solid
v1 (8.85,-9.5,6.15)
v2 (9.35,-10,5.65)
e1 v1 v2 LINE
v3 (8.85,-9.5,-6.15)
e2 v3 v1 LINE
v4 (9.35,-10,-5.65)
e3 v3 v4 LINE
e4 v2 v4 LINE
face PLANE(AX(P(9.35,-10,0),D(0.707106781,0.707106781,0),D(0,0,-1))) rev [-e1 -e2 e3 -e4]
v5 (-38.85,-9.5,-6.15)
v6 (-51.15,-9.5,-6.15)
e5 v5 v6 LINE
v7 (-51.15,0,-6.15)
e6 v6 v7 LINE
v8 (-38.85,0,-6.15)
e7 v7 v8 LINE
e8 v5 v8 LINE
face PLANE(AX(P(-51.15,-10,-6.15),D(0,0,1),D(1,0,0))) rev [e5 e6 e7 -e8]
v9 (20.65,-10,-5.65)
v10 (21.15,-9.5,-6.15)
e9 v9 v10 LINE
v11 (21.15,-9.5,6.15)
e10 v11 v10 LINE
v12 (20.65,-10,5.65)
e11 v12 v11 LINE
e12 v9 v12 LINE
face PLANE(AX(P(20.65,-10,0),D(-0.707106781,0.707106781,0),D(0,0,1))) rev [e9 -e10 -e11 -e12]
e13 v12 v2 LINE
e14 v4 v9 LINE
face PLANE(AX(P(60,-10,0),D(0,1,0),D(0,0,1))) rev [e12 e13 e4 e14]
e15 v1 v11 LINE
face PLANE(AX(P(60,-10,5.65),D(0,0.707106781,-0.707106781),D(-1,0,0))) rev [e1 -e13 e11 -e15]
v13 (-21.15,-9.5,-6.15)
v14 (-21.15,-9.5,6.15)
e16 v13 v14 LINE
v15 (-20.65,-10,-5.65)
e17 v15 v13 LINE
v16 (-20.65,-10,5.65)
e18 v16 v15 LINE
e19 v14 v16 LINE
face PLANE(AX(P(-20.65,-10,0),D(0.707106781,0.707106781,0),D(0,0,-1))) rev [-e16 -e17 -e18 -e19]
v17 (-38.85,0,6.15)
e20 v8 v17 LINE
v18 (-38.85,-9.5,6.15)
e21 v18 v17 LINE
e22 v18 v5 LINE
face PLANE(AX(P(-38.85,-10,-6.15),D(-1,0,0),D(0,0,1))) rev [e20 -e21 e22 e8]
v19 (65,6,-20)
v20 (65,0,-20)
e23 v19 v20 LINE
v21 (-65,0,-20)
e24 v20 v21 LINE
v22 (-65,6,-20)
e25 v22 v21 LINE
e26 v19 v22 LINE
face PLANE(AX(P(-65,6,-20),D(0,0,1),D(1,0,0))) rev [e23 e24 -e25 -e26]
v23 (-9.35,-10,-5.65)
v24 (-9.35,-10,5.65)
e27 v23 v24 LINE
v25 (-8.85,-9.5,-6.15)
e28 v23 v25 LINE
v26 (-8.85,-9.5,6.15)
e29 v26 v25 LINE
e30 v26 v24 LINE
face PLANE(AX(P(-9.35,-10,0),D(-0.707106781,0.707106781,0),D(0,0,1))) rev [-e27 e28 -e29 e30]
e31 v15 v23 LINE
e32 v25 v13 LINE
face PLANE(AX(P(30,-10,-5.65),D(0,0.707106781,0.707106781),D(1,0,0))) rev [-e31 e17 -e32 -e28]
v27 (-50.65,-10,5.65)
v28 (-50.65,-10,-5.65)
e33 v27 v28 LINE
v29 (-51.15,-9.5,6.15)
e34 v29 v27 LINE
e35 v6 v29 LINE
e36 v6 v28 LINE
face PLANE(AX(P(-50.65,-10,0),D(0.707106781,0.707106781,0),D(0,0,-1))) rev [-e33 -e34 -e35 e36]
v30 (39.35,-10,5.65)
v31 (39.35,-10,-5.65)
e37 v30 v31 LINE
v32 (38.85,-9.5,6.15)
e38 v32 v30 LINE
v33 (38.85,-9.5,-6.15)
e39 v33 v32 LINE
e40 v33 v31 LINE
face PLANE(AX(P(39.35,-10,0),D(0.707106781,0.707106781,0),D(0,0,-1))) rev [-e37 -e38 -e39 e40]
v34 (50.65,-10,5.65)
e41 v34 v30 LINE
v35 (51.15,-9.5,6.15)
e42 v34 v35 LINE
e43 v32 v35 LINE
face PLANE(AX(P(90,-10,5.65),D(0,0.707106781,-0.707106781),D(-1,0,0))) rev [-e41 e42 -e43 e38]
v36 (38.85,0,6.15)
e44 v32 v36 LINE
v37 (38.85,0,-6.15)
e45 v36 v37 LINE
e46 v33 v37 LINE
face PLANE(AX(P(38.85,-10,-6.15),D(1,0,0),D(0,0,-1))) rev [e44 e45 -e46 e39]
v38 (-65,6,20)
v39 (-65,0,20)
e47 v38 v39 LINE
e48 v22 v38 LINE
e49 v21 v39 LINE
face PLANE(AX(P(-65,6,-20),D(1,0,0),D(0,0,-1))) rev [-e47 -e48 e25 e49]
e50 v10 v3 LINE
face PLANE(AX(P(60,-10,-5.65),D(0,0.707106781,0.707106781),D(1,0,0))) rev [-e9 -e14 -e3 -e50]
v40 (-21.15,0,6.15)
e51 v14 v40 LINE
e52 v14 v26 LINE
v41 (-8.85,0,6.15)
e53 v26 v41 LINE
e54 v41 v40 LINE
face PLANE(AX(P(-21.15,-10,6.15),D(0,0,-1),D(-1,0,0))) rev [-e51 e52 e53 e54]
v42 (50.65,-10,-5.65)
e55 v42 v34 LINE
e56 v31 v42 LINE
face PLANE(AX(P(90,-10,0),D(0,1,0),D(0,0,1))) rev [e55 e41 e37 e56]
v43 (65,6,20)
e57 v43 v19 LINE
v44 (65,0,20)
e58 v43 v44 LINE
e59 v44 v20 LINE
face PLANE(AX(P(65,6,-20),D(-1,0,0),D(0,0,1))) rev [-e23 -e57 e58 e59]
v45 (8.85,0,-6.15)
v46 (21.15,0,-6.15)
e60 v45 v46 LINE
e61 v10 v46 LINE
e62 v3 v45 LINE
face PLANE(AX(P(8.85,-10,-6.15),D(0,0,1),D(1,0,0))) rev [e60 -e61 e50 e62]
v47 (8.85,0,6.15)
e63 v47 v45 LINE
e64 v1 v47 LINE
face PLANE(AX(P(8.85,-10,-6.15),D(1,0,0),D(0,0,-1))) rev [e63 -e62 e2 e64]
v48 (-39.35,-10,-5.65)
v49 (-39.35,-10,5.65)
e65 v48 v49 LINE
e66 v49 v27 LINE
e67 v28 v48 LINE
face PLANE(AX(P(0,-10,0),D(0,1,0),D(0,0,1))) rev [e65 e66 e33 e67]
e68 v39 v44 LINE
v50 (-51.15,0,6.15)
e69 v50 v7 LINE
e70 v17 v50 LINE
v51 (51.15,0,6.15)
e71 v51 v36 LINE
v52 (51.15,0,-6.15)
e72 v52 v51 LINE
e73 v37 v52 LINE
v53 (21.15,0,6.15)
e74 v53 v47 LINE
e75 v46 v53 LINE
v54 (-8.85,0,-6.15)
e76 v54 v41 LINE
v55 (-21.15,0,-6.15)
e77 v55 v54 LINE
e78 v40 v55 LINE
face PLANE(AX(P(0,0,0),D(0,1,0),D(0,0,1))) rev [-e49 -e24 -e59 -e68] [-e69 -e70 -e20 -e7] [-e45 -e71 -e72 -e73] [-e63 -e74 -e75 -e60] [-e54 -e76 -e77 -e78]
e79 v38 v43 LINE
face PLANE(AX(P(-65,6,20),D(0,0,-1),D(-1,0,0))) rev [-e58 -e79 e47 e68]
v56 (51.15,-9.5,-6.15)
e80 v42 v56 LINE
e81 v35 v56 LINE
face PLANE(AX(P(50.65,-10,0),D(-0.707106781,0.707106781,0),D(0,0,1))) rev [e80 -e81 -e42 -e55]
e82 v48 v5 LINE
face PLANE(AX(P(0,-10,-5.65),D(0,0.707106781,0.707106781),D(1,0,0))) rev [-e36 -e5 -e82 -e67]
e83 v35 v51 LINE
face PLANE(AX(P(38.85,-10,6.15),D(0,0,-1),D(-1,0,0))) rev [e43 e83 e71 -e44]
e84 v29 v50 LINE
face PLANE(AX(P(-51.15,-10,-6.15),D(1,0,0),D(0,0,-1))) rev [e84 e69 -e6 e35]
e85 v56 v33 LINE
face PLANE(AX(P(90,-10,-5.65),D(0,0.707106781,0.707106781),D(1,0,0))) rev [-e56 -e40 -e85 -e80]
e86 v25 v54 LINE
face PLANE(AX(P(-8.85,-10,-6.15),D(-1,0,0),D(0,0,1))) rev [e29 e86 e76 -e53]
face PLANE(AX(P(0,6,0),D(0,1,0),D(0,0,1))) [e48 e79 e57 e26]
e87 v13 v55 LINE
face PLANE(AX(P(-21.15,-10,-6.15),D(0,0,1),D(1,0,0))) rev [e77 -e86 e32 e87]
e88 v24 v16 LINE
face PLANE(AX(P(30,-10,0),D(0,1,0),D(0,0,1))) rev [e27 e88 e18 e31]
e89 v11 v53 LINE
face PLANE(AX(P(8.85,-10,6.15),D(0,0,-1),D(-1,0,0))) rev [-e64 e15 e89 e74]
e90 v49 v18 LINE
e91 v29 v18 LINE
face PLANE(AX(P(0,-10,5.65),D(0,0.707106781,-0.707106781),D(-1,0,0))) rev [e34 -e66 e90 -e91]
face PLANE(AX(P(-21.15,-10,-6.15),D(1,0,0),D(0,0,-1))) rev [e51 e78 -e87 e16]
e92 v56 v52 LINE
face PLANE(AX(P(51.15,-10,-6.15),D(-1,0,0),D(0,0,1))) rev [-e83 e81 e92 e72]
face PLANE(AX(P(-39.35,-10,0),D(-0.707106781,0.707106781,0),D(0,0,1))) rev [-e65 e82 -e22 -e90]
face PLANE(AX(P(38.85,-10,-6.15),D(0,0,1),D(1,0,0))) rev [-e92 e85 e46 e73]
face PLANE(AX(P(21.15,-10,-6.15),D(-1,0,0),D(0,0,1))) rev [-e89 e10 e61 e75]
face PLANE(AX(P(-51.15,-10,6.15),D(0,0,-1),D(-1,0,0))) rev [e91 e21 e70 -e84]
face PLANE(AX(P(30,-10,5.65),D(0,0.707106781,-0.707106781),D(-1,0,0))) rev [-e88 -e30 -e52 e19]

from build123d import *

# Parameters (mm, degrees)
SKETCH1_W           = 130
SKETCH1_H           = 40
BOSS_EXTRUDE1_DEPTH = 6
SKETCH2_W           = 12.3
SKETCH2_H           = 12.3
BOSS_EXTRUDE2_DEPTH = 10
LPATTERN1_COUNT     = 4
LPATTERN1_PITCH     = 30
CHAMFER1_SIZE       = 0.5


with BuildPart() as part:
    # Sketch1 → Boss-Extrude1 (new body)
    with BuildSketch(Plane(origin=(0, 0, 0), x_dir=(1, 0, 0), z_dir=(0, 1, 0))):
        Rectangle(SKETCH1_W, SKETCH1_H)
    extrude(amount=BOSS_EXTRUDE1_DEPTH)

    # Sketch2 → Boss-Extrude2 (add)
    with BuildSketch(Plane.XZ):
        with Locations((-45, 0)):
            Rectangle(SKETCH2_W, SKETCH2_H)
    boss_extrude2 = extrude(amount=BOSS_EXTRUDE2_DEPTH)

    # LPattern1: Boss-Extrude2 ×4
    with Locations(*[(i * LPATTERN1_PITCH, 0, 0) for i in range(1, LPATTERN1_COUNT)]):
        add(boss_extrude2)

    # Chamfer1
    chamfer1_edges = [part.edges().sort_by_distance(p)[0] for p in [
        (-51.15, -10, 0),
        (-45, -10, -6.15),
        (-38.85, -10, 0),
        (-45, -10, 6.15),
        (-21.15, -10, 0),
        (-15, -10, -6.15),
        (-8.85, -10, 0),
        (-15, -10, 6.15),
        (8.85, -10, 0),
        (15, -10, -6.15),
        (21.15, -10, 0),
        (15, -10, 6.15),
        (38.85, -10, 0),
        (45, -10, -6.15),
        (51.15, -10, 0),
        (45, -10, 6.15),
    ]]
    chamfer(chamfer1_edges, length=CHAMFER1_SIZE)


solid = part.part
